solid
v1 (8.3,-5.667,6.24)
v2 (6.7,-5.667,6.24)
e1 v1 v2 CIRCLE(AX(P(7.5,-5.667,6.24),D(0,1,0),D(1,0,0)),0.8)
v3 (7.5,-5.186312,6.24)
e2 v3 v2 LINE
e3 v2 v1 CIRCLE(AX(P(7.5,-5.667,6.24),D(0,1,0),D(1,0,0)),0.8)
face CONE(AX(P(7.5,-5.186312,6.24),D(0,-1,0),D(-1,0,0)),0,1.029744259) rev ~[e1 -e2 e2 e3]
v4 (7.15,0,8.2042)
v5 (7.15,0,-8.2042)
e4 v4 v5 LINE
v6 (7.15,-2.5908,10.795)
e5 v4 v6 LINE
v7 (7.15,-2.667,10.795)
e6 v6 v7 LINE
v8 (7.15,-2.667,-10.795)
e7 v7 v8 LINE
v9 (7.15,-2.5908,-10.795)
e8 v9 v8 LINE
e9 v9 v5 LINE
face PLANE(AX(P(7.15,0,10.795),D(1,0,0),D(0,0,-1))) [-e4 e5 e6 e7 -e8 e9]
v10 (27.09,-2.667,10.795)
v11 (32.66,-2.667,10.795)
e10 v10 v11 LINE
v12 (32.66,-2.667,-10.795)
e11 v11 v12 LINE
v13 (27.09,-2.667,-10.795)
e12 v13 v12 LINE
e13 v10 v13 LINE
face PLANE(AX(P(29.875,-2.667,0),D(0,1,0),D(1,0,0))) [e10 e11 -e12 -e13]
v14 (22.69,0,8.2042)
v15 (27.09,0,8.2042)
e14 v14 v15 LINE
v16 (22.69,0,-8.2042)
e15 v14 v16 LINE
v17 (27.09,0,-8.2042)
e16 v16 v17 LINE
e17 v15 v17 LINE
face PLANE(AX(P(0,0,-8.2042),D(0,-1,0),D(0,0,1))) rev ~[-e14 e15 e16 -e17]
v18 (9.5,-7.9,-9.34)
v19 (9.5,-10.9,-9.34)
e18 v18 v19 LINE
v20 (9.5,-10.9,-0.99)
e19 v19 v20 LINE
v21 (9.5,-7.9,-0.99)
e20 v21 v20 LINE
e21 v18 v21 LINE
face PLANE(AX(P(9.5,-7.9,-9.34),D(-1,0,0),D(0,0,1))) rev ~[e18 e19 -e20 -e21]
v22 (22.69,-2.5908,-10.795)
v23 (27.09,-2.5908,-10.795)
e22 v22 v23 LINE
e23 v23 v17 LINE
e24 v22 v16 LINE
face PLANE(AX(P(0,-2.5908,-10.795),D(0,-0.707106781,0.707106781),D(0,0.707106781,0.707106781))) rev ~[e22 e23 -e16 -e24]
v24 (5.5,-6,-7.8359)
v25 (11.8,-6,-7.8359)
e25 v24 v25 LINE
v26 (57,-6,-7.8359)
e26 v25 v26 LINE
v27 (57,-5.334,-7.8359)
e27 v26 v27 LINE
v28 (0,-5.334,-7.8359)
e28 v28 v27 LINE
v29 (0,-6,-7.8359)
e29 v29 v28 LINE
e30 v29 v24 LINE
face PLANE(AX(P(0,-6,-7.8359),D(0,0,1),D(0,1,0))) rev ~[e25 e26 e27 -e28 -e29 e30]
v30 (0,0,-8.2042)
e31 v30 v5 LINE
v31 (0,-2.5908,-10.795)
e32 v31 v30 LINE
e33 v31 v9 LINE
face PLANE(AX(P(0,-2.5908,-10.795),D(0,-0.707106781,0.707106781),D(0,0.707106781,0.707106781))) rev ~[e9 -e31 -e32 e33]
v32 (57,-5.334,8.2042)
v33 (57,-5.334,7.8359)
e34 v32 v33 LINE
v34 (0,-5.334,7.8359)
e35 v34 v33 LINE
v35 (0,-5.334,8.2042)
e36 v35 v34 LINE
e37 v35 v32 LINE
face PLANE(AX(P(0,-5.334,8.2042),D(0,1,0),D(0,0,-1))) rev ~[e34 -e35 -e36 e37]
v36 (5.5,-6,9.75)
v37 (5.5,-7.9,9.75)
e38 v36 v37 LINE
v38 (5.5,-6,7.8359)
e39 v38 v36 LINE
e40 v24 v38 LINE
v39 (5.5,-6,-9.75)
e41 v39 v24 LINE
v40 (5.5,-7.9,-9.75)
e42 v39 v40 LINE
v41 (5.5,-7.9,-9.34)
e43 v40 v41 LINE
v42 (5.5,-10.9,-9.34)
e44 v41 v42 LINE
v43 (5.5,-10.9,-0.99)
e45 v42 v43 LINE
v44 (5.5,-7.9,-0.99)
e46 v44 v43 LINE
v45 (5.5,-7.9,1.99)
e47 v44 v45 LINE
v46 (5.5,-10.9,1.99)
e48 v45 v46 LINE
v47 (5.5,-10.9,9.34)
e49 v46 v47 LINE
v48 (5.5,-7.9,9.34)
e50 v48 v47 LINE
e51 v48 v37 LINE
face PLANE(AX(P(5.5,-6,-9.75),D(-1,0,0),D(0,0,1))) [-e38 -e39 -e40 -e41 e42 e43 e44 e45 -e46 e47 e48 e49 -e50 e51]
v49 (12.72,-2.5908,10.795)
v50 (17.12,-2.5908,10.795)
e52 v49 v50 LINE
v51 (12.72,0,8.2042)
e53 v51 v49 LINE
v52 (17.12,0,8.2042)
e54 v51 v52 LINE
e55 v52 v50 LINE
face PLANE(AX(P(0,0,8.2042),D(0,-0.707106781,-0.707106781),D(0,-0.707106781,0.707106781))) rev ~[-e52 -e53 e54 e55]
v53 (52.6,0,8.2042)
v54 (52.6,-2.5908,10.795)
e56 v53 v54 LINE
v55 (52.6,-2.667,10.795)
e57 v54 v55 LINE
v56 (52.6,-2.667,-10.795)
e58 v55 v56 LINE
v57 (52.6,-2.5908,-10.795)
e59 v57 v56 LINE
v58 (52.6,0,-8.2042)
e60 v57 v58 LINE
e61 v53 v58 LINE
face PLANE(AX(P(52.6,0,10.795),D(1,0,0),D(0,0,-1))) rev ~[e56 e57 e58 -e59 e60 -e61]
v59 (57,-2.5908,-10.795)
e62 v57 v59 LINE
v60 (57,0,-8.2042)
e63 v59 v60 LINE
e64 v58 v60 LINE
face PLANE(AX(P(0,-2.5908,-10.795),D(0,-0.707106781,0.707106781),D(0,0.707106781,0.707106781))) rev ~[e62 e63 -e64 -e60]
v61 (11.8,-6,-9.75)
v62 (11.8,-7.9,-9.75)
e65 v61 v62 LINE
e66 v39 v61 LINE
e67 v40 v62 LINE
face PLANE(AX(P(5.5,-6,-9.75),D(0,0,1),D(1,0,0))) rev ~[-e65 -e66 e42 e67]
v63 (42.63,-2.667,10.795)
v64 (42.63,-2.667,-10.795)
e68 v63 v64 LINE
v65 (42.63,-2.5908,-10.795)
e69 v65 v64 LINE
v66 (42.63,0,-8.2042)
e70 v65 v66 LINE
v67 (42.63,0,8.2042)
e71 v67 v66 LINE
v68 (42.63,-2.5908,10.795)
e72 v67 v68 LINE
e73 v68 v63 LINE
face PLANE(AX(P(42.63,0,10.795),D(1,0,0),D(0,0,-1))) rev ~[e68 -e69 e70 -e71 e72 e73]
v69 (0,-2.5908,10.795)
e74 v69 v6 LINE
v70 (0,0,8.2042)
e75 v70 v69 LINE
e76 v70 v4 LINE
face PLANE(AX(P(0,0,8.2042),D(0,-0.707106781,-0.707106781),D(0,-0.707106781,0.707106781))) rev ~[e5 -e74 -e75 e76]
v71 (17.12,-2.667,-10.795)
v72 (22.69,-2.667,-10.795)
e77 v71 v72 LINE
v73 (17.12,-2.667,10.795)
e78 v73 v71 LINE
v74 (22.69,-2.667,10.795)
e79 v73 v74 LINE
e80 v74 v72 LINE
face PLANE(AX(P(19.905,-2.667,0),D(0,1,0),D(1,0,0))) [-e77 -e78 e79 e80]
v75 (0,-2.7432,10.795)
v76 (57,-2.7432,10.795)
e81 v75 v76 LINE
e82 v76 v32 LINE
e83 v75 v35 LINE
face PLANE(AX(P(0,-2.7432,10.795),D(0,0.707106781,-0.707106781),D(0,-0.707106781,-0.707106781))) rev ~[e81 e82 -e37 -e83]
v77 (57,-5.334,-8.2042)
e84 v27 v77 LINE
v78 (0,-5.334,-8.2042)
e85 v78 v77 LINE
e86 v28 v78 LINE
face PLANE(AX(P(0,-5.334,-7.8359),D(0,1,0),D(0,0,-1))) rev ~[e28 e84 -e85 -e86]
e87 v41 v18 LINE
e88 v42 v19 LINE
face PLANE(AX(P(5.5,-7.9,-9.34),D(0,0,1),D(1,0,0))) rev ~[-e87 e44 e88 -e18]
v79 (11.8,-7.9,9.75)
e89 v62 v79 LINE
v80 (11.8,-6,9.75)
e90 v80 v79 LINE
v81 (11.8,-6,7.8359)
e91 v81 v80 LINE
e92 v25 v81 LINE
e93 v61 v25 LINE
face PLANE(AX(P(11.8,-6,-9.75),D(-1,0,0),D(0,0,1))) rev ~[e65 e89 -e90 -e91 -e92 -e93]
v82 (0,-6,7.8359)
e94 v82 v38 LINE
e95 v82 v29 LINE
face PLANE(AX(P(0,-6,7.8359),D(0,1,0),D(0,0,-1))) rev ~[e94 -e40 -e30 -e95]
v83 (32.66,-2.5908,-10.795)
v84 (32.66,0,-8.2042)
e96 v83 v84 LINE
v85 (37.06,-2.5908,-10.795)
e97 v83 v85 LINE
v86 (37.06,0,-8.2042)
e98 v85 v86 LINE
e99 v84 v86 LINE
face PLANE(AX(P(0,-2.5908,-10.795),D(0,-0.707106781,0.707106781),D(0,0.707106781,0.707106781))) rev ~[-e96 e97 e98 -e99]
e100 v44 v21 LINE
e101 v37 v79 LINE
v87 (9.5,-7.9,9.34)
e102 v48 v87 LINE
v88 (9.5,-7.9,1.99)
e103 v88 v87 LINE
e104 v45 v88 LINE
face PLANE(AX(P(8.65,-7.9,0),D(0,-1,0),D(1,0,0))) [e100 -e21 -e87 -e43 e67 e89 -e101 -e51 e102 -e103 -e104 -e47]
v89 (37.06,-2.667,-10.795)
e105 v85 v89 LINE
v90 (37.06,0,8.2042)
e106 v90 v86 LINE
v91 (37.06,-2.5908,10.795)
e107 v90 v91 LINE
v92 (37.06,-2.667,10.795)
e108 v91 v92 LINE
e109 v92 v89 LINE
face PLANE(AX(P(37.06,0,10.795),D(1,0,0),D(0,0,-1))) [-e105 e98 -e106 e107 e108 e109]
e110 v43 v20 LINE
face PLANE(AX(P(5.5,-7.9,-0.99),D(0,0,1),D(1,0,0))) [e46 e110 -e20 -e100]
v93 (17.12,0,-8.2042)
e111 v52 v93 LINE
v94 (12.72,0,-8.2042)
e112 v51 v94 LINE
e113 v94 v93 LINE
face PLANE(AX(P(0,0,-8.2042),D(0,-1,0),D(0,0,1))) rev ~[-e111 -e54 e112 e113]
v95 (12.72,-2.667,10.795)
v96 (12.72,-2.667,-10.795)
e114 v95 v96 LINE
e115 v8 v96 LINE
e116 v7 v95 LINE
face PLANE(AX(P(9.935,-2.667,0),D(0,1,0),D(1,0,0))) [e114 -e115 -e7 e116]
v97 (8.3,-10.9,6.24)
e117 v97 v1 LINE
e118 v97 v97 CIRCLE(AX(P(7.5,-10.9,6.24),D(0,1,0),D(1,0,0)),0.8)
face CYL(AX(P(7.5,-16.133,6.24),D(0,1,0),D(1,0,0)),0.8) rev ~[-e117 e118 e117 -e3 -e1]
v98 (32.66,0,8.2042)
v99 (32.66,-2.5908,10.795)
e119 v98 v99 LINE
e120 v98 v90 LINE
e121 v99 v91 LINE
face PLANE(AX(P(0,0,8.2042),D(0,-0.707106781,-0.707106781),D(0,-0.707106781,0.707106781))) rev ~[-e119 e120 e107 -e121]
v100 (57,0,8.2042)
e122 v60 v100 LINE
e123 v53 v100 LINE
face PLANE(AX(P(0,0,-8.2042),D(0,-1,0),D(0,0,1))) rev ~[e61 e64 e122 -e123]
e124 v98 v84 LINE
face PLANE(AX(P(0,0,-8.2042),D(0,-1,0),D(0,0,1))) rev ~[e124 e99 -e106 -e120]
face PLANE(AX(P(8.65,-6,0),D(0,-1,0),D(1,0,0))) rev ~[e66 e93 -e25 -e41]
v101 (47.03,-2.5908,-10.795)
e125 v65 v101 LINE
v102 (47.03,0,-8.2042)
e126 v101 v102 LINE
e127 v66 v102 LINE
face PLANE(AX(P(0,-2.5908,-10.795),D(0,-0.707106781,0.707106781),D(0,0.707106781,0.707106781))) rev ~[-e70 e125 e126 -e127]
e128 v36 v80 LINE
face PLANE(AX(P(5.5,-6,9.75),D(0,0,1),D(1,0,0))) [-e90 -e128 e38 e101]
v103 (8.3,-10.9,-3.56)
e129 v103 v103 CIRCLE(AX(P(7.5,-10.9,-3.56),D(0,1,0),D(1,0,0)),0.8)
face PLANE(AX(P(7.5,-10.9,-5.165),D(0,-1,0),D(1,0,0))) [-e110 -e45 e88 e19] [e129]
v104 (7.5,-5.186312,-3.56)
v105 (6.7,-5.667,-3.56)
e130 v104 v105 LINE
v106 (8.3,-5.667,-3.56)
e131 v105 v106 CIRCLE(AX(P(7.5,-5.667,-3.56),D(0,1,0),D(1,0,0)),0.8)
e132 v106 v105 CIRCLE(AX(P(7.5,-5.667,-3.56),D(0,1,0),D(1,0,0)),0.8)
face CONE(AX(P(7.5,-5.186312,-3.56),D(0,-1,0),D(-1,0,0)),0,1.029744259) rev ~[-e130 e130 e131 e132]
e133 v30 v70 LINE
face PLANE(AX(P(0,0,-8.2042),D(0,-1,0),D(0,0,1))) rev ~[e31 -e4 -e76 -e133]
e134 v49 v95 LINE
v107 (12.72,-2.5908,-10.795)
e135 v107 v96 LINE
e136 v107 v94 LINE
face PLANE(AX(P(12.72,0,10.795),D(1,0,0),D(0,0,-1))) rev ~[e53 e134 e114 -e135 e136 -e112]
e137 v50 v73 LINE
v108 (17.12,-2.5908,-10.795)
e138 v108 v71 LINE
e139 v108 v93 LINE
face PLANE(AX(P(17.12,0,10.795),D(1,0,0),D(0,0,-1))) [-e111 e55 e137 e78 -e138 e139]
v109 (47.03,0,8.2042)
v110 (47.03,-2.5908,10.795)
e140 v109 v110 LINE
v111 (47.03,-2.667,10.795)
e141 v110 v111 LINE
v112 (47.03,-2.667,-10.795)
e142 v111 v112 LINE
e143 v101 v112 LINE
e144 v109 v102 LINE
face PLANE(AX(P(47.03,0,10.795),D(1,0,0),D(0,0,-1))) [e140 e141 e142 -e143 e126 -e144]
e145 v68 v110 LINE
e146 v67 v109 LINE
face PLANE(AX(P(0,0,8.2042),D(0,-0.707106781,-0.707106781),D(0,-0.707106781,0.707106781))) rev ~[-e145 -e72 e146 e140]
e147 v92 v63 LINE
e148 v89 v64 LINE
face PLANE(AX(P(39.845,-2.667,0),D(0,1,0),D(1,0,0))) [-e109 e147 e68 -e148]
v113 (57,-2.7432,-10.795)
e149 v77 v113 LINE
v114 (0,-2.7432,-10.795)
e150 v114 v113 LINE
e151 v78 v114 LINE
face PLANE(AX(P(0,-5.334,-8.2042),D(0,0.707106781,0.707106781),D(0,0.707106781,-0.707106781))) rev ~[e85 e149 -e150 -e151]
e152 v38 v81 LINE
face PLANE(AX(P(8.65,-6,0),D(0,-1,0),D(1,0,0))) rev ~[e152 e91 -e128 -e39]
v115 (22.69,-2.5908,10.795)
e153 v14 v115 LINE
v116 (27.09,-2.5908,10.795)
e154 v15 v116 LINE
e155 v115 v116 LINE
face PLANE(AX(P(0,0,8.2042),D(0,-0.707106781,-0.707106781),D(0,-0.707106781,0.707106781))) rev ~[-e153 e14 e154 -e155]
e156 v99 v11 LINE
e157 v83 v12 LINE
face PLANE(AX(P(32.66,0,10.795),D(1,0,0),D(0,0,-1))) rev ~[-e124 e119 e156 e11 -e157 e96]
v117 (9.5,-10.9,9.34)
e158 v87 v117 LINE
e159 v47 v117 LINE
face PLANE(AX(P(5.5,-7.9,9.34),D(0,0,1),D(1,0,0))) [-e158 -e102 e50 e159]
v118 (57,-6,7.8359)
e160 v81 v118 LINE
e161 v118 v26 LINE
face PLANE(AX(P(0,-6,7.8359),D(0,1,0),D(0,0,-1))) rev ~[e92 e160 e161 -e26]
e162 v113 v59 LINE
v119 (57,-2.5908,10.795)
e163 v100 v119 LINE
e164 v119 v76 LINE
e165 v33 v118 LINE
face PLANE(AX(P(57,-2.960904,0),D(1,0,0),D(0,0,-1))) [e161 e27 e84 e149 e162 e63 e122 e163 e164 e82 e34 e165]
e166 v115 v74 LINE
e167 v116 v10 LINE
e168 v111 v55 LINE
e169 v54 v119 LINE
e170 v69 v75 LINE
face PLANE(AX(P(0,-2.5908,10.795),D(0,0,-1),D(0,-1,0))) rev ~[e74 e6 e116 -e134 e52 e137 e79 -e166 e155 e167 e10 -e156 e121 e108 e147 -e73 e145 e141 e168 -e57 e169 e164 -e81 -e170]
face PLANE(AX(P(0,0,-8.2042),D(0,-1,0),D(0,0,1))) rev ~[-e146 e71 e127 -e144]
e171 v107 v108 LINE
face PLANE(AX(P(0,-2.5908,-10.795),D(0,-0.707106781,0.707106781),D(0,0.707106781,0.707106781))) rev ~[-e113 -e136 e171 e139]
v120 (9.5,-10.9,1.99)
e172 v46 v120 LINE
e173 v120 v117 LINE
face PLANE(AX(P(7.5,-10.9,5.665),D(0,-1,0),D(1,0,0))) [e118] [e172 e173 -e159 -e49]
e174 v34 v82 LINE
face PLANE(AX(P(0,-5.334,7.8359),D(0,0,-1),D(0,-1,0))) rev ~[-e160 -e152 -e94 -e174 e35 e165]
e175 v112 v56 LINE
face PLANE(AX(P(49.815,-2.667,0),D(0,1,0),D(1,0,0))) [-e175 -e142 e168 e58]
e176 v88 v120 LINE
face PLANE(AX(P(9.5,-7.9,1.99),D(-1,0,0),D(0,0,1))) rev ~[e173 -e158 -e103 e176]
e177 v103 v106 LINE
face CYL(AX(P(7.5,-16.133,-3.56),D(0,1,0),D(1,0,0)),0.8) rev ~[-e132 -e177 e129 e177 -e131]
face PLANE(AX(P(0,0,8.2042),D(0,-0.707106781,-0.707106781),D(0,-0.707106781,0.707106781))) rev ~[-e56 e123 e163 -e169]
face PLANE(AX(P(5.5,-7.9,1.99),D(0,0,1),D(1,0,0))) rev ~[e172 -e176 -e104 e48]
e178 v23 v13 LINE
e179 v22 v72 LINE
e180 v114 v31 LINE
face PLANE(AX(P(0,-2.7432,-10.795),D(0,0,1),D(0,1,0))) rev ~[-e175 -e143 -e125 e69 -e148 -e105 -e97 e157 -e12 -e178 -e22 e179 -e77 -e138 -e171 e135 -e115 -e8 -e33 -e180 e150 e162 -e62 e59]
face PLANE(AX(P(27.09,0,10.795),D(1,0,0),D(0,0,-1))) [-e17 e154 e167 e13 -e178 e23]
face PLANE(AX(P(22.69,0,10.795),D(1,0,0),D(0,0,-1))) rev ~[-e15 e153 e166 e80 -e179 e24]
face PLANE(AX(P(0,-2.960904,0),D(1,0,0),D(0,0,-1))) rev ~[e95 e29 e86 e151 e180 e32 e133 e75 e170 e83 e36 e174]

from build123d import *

# Parameters (mm, degrees)
BOSS_EXTRUDE1_DEPTH             = 57
SKETCH2_W                       = 5.57
SKETCH2_H                       = 21.59
CUT_EXTRUDE1_DEPTH              = 2.667
LPATTERN1_COUNT                 = 5
LPATTERN1_PITCH                 = 9.97
SKETCH4_W                       = 6.3
SKETCH4_H                       = 19.5
BOSS_EXTRUDE3_DEPTH             = 1.9
SKETCH3_W                       = 4
SKETCH3_H                       = 8.35
SKETCH3_H_2                     = 7.35
BOSS_EXTRUDE2_DEPTH             = 3
TAP_DRILL_FOR_M2X0_4_TAP1_D     = 1.6
TAP_DRILL_FOR_M2X0_4_TAP1_DEPTH = 5.233
TAP_DRILL_FOR_M2X0_4_TAP1_TIP   = 0.480688495


with BuildPart() as part:
    # Sketch1 → Boss-Extrude1 (new body)
    with BuildSketch(Plane(origin=(0, 0, 0), x_dir=(0, 0, -1), z_dir=(1, 0, 0))):
        Polygon((-7.8359, -6), (7.8359, -6), (7.8359, -5.334), (8.2042, -5.334), (10.795, -2.7432), (10.795, -2.5908), (8.2042, 0), (-8.2042, 0), (-10.795, -2.5908), (-10.795, -2.7432), (-8.2042, -5.334), (-7.8359, -5.334), align=None)
    extrude(amount=BOSS_EXTRUDE1_DEPTH)

    # Sketch2 → Cut-Extrude1 (cut)
    with BuildSketch(Plane(origin=(0, 0, 0), x_dir=(1, 0, 0), z_dir=(0, 1, 0))):
        with Locations((49.815, 0)):
            Rectangle(SKETCH2_W, SKETCH2_H)
    cut_extrude1 = extrude(amount=-CUT_EXTRUDE1_DEPTH, mode=Mode.SUBTRACT)

    # LPattern1: Cut-Extrude1 ×5
    with Locations(*[(-i * LPATTERN1_PITCH, 0, 0) for i in range(1, LPATTERN1_COUNT)]):
        add(cut_extrude1, mode=Mode.SUBTRACT)

    # Sketch4 → Boss-Extrude3 (add)
    with BuildSketch(Plane.XZ.offset(6)):
        with Locations((8.65, 0)):
            Rectangle(SKETCH4_W, SKETCH4_H)
    extrude(amount=BOSS_EXTRUDE3_DEPTH)

    # Sketch3 → Boss-Extrude2 (add)
    with BuildSketch(Plane.XZ.offset(7.9)):
        with Locations((7.5, -5.165)):
            Rectangle(SKETCH3_W, SKETCH3_H)
        with Locations((7.5, 5.665)):
            Rectangle(SKETCH3_W, SKETCH3_H_2)
    extrude(amount=BOSS_EXTRUDE2_DEPTH)

    # Tap Drill for M2x0.4 Tap1
    with Locations(Plane(origin=(0, -10.9, 0), x_dir=(-1, 0, 0), z_dir=(0, -1, 0))):
        with Locations((-7.5, -6.24), (-7.5, 3.56)):
            Hole(TAP_DRILL_FOR_M2X0_4_TAP1_D / 2, depth=TAP_DRILL_FOR_M2X0_4_TAP1_DEPTH)
            with Locations((0, 0, -(TAP_DRILL_FOR_M2X0_4_TAP1_DEPTH + TAP_DRILL_FOR_M2X0_4_TAP1_TIP / 2))):  # 118° drill point
                Cone(0, TAP_DRILL_FOR_M2X0_4_TAP1_D / 2, TAP_DRILL_FOR_M2X0_4_TAP1_TIP, mode=Mode.SUBTRACT)


solid = part.part
